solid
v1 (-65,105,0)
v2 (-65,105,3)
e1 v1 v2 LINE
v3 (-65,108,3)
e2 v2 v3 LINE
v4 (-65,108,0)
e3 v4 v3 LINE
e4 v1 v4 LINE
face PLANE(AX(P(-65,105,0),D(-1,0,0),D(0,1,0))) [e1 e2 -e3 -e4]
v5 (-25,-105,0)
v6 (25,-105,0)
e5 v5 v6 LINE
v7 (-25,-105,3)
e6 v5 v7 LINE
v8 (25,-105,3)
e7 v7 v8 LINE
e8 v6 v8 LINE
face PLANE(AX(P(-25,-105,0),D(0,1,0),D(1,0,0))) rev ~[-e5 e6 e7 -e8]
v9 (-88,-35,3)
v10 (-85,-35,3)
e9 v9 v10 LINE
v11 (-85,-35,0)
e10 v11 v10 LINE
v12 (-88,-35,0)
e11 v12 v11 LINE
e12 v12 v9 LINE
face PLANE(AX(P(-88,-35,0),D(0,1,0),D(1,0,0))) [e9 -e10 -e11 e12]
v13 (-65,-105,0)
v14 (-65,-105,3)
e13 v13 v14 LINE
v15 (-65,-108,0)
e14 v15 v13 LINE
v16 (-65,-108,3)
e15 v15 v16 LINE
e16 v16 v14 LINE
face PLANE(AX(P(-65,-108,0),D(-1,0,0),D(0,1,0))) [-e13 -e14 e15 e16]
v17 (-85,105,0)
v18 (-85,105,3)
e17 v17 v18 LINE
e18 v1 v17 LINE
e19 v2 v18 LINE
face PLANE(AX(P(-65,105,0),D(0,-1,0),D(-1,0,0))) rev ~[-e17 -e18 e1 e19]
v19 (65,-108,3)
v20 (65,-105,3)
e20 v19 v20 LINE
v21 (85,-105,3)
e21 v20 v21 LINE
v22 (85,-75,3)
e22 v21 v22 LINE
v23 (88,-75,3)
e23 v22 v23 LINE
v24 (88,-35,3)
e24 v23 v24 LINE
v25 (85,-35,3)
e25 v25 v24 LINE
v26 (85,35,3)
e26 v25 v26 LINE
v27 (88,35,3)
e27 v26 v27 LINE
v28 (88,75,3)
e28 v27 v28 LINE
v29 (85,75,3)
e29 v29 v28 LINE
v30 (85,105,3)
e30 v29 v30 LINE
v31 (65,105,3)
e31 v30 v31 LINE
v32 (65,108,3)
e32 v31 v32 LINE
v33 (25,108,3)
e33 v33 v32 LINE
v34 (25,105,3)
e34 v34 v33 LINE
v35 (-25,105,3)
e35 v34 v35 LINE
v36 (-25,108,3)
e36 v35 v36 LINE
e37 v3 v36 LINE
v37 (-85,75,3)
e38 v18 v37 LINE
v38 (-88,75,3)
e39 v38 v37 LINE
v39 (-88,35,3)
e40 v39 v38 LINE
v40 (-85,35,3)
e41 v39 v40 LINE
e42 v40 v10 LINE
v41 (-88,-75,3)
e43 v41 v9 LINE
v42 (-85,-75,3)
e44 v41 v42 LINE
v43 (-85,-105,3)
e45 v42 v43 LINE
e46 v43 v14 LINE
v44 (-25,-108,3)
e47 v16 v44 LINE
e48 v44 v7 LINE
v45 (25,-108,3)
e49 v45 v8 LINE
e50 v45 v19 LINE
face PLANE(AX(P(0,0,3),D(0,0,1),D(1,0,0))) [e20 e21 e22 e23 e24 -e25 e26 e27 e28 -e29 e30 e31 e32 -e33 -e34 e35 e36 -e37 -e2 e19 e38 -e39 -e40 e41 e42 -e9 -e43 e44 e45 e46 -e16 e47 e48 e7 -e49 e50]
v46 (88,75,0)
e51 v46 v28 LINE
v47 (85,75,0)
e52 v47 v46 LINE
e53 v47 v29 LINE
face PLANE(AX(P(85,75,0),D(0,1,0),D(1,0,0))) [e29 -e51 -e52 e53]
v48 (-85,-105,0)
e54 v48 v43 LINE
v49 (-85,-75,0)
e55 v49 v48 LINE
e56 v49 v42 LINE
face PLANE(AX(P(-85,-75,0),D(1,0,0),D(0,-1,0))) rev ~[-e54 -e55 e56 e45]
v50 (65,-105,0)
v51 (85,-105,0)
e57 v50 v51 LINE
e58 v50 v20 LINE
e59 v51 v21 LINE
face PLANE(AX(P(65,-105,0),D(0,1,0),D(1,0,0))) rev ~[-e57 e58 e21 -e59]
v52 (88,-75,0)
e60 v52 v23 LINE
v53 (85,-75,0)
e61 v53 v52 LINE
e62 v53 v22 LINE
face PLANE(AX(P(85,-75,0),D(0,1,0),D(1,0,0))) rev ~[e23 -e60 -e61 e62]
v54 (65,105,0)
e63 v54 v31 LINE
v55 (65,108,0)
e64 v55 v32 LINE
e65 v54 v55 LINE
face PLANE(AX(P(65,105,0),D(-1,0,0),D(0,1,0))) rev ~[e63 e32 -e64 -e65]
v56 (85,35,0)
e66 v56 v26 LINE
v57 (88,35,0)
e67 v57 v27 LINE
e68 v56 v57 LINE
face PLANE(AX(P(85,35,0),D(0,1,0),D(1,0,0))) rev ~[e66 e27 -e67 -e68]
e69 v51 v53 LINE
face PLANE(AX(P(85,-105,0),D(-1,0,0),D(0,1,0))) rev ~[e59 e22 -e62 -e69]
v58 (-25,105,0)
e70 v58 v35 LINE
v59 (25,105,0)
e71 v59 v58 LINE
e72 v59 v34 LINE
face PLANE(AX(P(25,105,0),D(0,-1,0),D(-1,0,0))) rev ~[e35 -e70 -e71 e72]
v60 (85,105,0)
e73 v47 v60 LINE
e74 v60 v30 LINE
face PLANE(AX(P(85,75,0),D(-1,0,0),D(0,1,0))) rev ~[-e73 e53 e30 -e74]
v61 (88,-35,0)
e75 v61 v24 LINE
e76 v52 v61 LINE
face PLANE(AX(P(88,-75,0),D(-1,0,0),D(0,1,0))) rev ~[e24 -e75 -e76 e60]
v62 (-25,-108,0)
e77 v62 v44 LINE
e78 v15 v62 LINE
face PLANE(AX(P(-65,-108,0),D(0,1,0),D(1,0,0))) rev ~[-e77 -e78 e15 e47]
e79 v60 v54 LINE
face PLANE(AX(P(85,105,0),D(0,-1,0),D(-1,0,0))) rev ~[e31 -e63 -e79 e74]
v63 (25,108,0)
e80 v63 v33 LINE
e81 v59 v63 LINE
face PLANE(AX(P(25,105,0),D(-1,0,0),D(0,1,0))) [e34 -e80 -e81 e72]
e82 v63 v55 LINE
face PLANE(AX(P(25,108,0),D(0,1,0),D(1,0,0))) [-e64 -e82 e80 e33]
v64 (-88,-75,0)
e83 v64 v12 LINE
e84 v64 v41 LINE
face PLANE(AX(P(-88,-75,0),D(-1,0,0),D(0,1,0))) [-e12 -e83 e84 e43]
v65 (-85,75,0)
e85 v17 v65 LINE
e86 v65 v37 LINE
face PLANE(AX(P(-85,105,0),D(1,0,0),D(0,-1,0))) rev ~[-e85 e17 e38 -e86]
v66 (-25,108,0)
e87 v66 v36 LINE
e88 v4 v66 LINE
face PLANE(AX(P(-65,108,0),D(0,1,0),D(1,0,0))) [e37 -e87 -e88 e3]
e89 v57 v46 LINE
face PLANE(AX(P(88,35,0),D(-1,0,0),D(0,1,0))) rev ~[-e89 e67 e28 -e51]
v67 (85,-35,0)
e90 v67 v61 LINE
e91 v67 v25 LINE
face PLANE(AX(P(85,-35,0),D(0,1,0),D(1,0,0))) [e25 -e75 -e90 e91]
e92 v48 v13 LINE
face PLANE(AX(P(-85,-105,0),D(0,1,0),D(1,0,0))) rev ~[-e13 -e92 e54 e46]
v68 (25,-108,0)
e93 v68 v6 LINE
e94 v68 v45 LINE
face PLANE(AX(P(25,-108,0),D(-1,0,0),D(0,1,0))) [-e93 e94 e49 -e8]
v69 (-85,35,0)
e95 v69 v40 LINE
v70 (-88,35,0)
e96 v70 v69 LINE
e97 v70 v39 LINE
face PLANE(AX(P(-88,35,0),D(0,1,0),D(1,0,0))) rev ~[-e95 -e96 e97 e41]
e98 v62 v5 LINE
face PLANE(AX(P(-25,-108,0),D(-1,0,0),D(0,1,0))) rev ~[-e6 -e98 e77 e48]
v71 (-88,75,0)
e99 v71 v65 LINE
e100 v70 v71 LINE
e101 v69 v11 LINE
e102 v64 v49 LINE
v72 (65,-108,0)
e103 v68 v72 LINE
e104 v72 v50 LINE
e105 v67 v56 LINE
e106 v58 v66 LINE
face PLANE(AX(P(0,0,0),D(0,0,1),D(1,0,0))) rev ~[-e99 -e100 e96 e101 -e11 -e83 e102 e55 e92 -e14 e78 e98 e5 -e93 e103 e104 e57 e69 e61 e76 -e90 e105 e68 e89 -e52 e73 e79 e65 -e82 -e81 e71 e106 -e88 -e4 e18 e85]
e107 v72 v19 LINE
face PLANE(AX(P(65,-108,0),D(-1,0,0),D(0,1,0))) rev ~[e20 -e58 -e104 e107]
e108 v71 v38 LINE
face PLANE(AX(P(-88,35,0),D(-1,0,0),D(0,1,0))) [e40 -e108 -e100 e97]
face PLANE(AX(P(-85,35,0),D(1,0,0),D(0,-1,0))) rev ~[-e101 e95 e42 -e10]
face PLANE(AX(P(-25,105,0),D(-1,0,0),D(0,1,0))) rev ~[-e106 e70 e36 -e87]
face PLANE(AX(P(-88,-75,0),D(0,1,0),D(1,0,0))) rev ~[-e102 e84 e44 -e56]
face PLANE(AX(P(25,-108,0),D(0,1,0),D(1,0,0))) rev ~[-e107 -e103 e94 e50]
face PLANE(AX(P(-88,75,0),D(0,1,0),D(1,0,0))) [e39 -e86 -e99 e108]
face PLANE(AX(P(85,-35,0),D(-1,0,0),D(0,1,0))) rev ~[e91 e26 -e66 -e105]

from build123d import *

# Parameters (mm, degrees)
F0_W     = 40
F0_H     = 3
F0_W_2   = 3
F0_H_2   = 40
F1_DEPTH = 3


with BuildPart() as f1:
    # F0 (on Top) → F1 (new body)
    with BuildSketch(Plane.XY):
        Polygon((85, 75), (85, 105), (65, 105), (25, 105), (-25, 105), (-65, 105), (-85, 105), (-85, 75), (-85, 35), (-85, -35), (-85, -75), (-85, -105), (-65, -105), (-25, -105), (25, -105), (65, -105), (85, -105), (85, -75), (85, -35), (85, 35), align=None)
        with Locations((45, 106.5)):
            Rectangle(F0_W, F0_H)
        with Locations((86.5, 55)):
            Rectangle(F0_W_2, F0_H_2)
        with Locations((-45, 106.5)):
            Rectangle(F0_W, F0_H)
        with Locations((86.5, -55)):
            Rectangle(F0_W_2, F0_H_2)
        with Locations((-86.5, 55)):
            Rectangle(F0_W_2, F0_H_2)
        with Locations((45, -106.5)):
            Rectangle(F0_W, F0_H)
        with Locations((-86.5, -55)):
            Rectangle(F0_W_2, F0_H_2)
        with Locations((-45, -106.5)):
            Rectangle(F0_W, F0_H)
    extrude(amount=F1_DEPTH)


solid = f1.part
